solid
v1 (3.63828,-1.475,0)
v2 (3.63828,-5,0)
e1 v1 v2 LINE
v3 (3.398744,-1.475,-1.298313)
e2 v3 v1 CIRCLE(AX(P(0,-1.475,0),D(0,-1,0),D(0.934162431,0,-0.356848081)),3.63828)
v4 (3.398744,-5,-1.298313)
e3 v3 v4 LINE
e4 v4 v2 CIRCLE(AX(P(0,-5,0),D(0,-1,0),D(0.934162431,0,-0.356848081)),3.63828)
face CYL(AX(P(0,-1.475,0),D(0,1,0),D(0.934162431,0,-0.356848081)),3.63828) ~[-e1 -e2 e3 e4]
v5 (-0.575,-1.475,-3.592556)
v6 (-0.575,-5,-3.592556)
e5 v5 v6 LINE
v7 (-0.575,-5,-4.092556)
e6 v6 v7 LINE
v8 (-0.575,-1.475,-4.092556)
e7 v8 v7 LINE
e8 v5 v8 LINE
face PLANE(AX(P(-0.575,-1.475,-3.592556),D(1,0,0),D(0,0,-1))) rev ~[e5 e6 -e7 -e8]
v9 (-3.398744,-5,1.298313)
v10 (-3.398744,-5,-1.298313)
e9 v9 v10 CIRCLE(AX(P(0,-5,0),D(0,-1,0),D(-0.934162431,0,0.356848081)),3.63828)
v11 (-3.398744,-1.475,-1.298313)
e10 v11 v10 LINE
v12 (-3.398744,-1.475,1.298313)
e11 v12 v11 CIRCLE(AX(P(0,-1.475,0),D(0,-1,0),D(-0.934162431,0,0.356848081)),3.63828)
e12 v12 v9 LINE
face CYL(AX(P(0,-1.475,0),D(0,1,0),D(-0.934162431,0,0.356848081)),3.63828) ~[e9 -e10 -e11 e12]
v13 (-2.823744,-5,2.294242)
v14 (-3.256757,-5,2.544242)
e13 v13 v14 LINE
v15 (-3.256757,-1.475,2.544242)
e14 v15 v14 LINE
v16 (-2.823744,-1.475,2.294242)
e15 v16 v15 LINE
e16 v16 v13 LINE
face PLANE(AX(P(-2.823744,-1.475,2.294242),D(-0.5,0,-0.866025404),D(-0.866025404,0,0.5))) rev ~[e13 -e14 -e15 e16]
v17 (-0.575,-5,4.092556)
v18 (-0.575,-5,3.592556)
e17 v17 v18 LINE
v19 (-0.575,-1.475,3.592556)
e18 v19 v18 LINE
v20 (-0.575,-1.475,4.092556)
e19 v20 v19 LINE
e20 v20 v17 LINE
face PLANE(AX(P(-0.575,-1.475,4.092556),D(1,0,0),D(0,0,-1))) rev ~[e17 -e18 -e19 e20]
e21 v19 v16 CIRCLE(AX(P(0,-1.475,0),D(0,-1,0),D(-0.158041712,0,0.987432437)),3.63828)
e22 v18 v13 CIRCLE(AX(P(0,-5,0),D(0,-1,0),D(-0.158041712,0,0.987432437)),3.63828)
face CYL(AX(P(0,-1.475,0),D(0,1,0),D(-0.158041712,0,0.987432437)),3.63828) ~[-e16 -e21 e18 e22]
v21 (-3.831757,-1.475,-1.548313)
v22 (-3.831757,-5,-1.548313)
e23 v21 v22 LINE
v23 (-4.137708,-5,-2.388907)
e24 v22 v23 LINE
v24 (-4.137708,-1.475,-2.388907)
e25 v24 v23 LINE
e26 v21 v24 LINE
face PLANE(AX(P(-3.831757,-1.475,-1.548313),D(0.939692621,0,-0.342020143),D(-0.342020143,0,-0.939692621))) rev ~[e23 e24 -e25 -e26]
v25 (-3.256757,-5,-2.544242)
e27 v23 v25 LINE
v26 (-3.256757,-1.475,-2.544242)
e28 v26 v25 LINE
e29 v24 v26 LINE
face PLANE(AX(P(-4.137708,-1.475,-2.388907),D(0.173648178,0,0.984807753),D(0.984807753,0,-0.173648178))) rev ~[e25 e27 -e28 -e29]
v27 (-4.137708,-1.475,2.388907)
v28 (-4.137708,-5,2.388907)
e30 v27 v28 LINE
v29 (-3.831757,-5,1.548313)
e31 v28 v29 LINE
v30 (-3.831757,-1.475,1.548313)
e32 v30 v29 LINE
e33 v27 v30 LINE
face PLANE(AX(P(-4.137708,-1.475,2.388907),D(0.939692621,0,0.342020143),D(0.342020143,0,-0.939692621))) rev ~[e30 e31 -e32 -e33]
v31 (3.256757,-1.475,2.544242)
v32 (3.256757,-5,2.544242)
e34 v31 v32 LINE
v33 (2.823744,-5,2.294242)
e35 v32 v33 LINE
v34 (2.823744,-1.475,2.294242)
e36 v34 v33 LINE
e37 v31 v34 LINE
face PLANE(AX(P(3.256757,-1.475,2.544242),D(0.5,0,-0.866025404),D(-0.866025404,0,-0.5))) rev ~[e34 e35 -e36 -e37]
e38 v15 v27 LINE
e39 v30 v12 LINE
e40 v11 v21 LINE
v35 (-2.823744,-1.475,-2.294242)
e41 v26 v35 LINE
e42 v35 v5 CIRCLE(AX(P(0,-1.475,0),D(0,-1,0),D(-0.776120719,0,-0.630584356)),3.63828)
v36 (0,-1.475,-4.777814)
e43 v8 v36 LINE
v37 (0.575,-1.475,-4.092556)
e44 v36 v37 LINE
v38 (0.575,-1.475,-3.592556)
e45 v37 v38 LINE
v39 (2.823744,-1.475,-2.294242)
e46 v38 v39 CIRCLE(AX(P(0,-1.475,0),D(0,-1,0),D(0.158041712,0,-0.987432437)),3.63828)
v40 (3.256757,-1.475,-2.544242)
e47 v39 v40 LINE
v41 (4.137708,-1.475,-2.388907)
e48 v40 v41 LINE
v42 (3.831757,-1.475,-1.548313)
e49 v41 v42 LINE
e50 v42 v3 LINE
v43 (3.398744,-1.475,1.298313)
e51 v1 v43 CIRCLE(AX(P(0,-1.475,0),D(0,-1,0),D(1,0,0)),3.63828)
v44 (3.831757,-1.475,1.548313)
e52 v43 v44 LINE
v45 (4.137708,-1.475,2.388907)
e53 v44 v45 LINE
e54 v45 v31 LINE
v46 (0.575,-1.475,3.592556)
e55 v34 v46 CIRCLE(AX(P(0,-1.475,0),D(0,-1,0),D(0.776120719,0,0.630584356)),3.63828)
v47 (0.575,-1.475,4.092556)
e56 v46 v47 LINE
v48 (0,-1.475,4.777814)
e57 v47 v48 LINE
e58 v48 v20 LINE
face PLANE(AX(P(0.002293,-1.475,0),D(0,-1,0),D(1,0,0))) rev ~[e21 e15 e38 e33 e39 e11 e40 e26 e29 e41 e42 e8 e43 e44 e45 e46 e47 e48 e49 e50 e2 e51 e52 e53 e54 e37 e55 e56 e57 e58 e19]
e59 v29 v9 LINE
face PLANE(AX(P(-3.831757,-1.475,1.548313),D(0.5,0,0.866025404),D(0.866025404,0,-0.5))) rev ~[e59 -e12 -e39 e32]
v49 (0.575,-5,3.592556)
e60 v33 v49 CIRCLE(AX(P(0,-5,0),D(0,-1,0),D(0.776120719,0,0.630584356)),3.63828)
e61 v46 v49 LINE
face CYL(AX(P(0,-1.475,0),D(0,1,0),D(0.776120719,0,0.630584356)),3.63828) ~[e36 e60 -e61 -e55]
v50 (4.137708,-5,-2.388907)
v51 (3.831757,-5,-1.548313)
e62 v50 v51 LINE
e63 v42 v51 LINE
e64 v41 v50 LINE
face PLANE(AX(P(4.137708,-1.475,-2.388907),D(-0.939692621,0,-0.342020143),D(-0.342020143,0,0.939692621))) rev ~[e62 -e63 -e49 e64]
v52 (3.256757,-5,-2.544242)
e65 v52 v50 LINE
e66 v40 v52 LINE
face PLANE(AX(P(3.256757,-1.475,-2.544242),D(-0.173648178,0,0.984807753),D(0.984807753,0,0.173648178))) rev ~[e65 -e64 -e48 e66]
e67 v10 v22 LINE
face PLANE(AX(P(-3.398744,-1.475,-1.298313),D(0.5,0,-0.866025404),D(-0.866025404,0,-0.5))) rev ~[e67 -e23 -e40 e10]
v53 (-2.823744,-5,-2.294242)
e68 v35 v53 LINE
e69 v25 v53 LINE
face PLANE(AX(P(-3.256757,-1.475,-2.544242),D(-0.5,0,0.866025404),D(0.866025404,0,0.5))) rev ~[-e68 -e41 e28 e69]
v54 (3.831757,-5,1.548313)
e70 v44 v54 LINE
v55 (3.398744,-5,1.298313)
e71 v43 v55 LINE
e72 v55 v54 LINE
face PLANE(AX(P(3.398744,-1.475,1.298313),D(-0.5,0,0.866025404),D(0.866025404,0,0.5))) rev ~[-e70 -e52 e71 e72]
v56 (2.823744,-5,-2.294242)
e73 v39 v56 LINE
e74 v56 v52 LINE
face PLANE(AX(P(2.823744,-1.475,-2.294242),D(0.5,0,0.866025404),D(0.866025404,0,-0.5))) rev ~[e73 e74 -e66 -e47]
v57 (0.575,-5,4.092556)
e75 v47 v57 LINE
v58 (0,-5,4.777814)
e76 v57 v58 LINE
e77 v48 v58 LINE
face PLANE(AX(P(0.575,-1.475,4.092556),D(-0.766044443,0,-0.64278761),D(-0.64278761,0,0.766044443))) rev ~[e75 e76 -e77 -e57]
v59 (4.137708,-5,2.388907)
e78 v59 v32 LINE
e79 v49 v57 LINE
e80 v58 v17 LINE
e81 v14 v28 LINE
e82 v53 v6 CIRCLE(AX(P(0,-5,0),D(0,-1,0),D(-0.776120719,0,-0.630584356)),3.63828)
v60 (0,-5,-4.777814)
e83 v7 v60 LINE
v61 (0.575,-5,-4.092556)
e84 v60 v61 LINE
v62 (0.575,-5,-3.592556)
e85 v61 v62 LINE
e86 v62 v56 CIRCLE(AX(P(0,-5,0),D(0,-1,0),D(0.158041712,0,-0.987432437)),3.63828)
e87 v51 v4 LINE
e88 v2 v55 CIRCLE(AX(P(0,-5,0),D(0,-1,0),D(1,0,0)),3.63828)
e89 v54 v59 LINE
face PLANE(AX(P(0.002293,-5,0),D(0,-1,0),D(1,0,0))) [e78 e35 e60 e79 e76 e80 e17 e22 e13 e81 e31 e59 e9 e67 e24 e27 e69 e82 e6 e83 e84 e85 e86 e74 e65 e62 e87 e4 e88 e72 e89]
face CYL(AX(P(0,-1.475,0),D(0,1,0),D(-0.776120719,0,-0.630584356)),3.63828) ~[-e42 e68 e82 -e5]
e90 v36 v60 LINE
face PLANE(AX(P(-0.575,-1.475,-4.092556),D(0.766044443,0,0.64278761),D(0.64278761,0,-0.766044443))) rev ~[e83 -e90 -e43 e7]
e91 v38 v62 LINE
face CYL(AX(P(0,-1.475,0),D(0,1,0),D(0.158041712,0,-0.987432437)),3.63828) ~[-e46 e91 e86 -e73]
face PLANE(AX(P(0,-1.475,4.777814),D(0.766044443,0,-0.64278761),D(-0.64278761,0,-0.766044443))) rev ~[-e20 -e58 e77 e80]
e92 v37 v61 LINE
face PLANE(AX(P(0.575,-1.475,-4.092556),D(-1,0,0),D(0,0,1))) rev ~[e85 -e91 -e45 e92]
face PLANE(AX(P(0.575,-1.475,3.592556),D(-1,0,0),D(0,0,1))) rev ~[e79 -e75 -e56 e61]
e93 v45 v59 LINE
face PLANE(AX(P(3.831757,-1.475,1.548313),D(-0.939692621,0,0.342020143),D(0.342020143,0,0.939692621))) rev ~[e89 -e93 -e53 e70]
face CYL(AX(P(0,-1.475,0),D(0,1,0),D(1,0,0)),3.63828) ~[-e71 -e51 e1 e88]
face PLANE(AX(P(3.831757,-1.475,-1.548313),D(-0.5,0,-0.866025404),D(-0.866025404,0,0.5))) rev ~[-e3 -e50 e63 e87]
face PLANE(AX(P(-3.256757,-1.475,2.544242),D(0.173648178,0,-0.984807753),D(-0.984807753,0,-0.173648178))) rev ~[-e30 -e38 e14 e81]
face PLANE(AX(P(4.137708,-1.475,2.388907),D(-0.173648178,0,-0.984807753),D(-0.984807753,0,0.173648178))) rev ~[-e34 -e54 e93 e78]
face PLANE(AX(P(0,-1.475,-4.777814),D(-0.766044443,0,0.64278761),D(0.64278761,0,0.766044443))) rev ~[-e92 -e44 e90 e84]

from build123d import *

# Parameters (mm, degrees)
F1_START = 1.475
F1_DEPTH = 3.525


with BuildPart() as f1:
    # F0 (on Front) → F1 (new body)
    with BuildSketch(Plane.XZ.offset(F1_START)):
        with BuildLine():
            ThreePointArc((3.3987444888, -1.2983132359), (3.5778950136, -0.6601125888), (3.63828, 0))
            ThreePointArc((3.63828, 0), (3.5778950136, 0.6601125888), (3.3987444888, 1.2983132359))
            ThreePointArc((3.3987444888, 1.2983132359), (3.1508429061, 1.81914), (2.8237444888, 2.2942424503))
            ThreePointArc((2.8237444888, 2.2942424503), (1.81914, 3.1508429061), (0.575, 3.5925556862))
            ThreePointArc((0.575, 3.5925556862), (0, 3.63828), (-0.575, 3.5925556862))
            ThreePointArc((-0.575, 3.5925556862), (-1.81914, 3.1508429061), (-2.8237444888, 2.2942424503))
            ThreePointArc((-2.8237444888, 2.2942424503), (-3.1508429061, 1.81914), (-3.3987444888, 1.2983132359))
            ThreePointArc((-3.3987444888, 1.2983132359), (-3.63828, 0), (-3.3987444888, -1.2983132359))
            ThreePointArc((-3.3987444888, -1.2983132359), (-3.1508429061, -1.81914), (-2.8237444888, -2.2942424503))
            ThreePointArc((-2.8237444888, -2.2942424503), (-1.81914, -3.1508429061), (-0.575, -3.5925556862))
            ThreePointArc((-0.575, -3.5925556862), (0, -3.63828), (0.575, -3.5925556862))
            ThreePointArc((0.575, -3.5925556862), (1.81914, -3.1508429061), (2.8237444888, -2.2942424503))
            ThreePointArc((2.8237444888, -2.2942424503), (3.1508429061, -1.81914), (3.3987444888, -1.2983132359))
        make_face()
        with BuildLine():
            Line((-3.2567571906, -2.5442424503), (-2.8237444888, -2.2942424503))
            ThreePointArc((-2.8237444888, -2.2942424503), (-3.1508429061, -1.81914), (-3.3987444888, -1.2983132359))
            Line((-3.3987444888, -1.2983132359), (-3.8317571906, -1.5483132359))
            Line((-3.8317571906, -1.5483132359), (-3.2567571906, -2.5442424503))
        make_face()
        Polygon((-4.1377083002, -2.388907001), (-3.2567571906, -2.5442424503), (-3.8317571906, -1.5483132359), align=None)
        Polygon((0, -4.7778140019), (0.575, -4.0925556862), (-0.575, -4.0925556862), align=None)
        with BuildLine():
            Line((0.575, -4.0925556862), (0.575, -3.5925556862))
            ThreePointArc((0.575, -3.5925556862), (0, -3.63828), (-0.575, -3.5925556862))
            Line((-0.575, -3.5925556862), (-0.575, -4.0925556862))
            Line((-0.575, -4.0925556862), (0.575, -4.0925556862))
        make_face()
        Polygon((4.1377083002, -2.388907001), (3.8317571906, -1.5483132359), (3.2567571906, -2.5442424503), align=None)
        with BuildLine():
            Line((3.8317571906, -1.5483132359), (3.3987444888, -1.2983132359))
            ThreePointArc((3.3987444888, -1.2983132359), (3.1508429061, -1.81914), (2.8237444888, -2.2942424503))
            Line((2.8237444888, -2.2942424503), (3.2567571906, -2.5442424503))
            Line((3.2567571906, -2.5442424503), (3.8317571906, -1.5483132359))
        make_face()
        Polygon((-3.8317571906, 1.5483132359), (-3.2567571906, 2.5442424503), (-4.1377083002, 2.388907001), align=None)
        Polygon((3.2567571906, 2.5442424503), (3.8317571906, 1.5483132359), (4.1377083002, 2.388907001), align=None)
        with BuildLine():
            ThreePointArc((2.8237444888, 2.2942424503), (3.1508429061, 1.81914), (3.3987444888, 1.2983132359))
            Line((3.3987444888, 1.2983132359), (3.8317571906, 1.5483132359))
            Line((3.8317571906, 1.5483132359), (3.2567571906, 2.5442424503))
            Line((3.2567571906, 2.5442424503), (2.8237444888, 2.2942424503))
        make_face()
        with BuildLine():
            ThreePointArc((-0.575, 3.5925556862), (0, 3.63828), (0.575, 3.5925556862))
            Line((0.575, 3.5925556862), (0.575, 4.0925556862))
            Line((0.575, 4.0925556862), (-0.575, 4.0925556862))
            Line((-0.575, 4.0925556862), (-0.575, 3.5925556862))
        make_face()
        with BuildLine():
            ThreePointArc((-3.3987444888, 1.2983132359), (-3.1508429061, 1.81914), (-2.8237444888, 2.2942424503))
            Line((-2.8237444888, 2.2942424503), (-3.2567571906, 2.5442424503))
            Line((-3.2567571906, 2.5442424503), (-3.8317571906, 1.5483132359))
            Line((-3.8317571906, 1.5483132359), (-3.3987444888, 1.2983132359))
        make_face()
        Polygon((-0.575, 4.0925556862), (0.575, 4.0925556862), (0, 4.7778140019), align=None)
    extrude(amount=F1_DEPTH)


solid = f1.part
